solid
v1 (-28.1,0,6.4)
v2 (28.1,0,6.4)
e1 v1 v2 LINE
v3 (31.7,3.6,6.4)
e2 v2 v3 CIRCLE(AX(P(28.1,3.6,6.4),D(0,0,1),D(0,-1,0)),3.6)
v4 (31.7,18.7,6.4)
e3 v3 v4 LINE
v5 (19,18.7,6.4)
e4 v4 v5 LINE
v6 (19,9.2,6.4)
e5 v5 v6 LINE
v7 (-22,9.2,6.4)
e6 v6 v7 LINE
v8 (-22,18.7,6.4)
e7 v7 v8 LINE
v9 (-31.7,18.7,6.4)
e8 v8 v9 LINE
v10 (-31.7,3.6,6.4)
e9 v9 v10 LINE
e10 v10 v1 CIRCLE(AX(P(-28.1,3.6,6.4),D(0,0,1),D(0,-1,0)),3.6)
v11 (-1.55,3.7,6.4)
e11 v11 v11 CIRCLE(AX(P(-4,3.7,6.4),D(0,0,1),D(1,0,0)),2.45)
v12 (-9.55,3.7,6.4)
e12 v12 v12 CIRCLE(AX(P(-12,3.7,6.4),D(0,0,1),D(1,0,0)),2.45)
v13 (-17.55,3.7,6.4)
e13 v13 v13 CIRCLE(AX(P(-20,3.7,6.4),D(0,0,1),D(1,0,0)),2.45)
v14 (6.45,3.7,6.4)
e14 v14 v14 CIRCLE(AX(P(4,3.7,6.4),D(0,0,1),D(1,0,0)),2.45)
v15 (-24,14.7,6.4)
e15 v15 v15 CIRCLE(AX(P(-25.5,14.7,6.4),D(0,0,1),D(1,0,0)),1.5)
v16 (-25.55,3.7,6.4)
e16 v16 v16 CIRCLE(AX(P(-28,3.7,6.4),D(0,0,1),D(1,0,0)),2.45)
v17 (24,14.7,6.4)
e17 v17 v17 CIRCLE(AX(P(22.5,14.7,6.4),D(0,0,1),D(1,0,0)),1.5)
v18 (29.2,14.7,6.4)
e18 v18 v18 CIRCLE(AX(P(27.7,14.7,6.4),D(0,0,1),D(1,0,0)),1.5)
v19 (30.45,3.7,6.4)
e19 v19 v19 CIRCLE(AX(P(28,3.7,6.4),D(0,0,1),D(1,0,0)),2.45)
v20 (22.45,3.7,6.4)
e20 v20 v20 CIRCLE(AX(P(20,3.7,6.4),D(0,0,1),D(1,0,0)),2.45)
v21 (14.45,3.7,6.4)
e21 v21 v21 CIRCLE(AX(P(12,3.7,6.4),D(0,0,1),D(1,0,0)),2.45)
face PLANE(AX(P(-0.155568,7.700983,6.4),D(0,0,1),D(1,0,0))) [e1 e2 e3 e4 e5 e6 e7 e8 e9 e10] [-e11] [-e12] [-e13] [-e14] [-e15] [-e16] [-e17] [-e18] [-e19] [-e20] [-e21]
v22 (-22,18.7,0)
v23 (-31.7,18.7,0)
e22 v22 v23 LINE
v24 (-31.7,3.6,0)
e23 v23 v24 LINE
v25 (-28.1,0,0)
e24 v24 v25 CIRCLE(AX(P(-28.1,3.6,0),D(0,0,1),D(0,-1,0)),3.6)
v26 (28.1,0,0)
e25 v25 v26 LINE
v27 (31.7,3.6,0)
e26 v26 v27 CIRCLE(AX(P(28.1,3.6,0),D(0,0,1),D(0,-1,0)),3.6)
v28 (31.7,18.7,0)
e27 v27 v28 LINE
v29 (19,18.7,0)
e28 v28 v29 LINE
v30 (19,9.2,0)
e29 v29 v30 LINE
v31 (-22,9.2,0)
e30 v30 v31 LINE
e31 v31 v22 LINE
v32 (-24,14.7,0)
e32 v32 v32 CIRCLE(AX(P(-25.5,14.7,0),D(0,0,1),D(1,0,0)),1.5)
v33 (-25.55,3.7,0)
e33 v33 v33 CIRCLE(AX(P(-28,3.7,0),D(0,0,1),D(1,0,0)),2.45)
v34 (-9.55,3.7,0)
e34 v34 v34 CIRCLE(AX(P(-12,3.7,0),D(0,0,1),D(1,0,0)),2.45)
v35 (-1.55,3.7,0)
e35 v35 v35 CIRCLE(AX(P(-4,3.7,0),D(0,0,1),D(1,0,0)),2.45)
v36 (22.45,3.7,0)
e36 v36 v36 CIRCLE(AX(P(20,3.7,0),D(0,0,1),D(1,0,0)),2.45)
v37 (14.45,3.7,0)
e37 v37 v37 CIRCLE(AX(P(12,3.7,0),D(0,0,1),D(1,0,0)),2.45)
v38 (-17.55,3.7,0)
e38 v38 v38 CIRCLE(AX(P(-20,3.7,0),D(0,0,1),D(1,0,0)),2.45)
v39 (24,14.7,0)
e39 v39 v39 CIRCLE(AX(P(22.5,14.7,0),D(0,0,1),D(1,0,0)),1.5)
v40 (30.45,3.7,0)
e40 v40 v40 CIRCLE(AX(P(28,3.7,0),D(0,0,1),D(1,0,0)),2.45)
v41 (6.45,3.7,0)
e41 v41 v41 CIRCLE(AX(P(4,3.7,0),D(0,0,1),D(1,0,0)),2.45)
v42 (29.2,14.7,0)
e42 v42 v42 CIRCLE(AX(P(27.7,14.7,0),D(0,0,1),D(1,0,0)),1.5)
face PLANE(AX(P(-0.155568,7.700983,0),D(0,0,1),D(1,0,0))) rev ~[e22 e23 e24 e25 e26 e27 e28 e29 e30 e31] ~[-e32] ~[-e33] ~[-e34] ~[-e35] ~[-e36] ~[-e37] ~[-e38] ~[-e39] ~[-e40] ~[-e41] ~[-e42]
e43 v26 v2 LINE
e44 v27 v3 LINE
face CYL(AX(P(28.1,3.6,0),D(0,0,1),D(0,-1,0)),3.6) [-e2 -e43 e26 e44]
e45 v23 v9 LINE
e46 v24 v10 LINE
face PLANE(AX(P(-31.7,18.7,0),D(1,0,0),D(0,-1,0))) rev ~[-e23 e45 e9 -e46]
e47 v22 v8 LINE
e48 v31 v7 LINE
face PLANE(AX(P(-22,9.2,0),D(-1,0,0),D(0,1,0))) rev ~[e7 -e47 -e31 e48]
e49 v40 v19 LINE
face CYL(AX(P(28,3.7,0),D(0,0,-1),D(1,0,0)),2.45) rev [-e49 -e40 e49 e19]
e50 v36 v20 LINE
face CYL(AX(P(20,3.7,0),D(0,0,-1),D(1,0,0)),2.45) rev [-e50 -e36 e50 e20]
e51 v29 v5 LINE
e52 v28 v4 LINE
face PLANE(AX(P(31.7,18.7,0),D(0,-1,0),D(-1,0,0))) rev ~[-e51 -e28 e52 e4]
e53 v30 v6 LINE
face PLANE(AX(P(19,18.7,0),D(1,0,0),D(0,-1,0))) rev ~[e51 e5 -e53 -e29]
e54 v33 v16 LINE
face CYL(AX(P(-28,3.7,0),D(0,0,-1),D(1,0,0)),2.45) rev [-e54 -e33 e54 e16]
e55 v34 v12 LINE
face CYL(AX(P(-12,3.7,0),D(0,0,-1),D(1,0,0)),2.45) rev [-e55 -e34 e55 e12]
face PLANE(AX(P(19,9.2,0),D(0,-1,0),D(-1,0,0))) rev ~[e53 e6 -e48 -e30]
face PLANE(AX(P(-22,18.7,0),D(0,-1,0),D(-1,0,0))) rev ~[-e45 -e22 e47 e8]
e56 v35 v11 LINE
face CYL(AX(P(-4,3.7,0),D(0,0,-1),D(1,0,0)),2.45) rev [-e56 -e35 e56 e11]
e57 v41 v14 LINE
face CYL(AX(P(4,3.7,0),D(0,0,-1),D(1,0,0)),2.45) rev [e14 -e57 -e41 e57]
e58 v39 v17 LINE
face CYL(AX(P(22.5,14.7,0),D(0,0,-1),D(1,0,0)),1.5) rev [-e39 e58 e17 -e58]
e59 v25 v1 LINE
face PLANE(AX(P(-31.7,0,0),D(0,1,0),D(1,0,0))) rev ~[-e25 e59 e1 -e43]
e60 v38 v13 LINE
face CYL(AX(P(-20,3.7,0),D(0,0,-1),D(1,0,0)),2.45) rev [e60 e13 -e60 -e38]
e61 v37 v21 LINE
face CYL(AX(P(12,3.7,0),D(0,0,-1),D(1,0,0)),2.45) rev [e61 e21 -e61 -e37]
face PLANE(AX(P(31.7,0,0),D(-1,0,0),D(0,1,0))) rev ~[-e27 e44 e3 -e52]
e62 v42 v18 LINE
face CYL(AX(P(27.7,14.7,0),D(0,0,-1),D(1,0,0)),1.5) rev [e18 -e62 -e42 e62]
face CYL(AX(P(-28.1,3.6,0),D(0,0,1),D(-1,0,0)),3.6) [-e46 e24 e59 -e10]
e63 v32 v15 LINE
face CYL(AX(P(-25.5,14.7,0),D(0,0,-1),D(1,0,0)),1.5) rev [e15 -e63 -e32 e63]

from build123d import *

# Parameters (mm, degrees)
F0_R     = 2.45
F0_R_2   = 1.5
F1_DEPTH = 6.4
F2_R     = 3.6


with BuildPart() as f1:
    # F0 (on Top) → F1 (new body)
    with BuildSketch(Plane.XY):
        Polygon((-22, 18.7), (-31.7, 18.7), (-31.7, 0), (-18.351344, 0), (-10.351344, 0), (31.7, 0), (31.7, 18.7), (19, 18.7), (19, 9.2), (-22, 9.2), align=None)
        with Locations((-28, 3.7)):
            Circle(F0_R, mode=Mode.SUBTRACT)
        with Locations((-20, 3.7)):
            Circle(F0_R, mode=Mode.SUBTRACT)
        with Locations((-12, 3.7)):
            Circle(F0_R, mode=Mode.SUBTRACT)
        with Locations((-4, 3.7)):
            Circle(F0_R, mode=Mode.SUBTRACT)
        with Locations((4, 3.7)):
            Circle(F0_R, mode=Mode.SUBTRACT)
        with Locations((12, 3.7)):
            Circle(F0_R, mode=Mode.SUBTRACT)
        with Locations((20, 3.7)):
            Circle(F0_R, mode=Mode.SUBTRACT)
        with Locations((28, 3.7)):
            Circle(F0_R, mode=Mode.SUBTRACT)
        with Locations((-25.5, 14.7)):
            Circle(F0_R_2, mode=Mode.SUBTRACT)
        with Locations((22.5, 14.7)):
            Circle(F0_R_2, mode=Mode.SUBTRACT)
        with Locations((27.7, 14.7)):
            Circle(F0_R_2, mode=Mode.SUBTRACT)
    extrude(amount=F1_DEPTH)

    # F2
    f2_edges = [f1.edges().sort_by_distance(p)[0] for p in [
        (-31.7, 0, 3.2),
        (31.7, 0, 3.2),
    ]]
    fillet(f2_edges, radius=F2_R)


solid = f1.part
